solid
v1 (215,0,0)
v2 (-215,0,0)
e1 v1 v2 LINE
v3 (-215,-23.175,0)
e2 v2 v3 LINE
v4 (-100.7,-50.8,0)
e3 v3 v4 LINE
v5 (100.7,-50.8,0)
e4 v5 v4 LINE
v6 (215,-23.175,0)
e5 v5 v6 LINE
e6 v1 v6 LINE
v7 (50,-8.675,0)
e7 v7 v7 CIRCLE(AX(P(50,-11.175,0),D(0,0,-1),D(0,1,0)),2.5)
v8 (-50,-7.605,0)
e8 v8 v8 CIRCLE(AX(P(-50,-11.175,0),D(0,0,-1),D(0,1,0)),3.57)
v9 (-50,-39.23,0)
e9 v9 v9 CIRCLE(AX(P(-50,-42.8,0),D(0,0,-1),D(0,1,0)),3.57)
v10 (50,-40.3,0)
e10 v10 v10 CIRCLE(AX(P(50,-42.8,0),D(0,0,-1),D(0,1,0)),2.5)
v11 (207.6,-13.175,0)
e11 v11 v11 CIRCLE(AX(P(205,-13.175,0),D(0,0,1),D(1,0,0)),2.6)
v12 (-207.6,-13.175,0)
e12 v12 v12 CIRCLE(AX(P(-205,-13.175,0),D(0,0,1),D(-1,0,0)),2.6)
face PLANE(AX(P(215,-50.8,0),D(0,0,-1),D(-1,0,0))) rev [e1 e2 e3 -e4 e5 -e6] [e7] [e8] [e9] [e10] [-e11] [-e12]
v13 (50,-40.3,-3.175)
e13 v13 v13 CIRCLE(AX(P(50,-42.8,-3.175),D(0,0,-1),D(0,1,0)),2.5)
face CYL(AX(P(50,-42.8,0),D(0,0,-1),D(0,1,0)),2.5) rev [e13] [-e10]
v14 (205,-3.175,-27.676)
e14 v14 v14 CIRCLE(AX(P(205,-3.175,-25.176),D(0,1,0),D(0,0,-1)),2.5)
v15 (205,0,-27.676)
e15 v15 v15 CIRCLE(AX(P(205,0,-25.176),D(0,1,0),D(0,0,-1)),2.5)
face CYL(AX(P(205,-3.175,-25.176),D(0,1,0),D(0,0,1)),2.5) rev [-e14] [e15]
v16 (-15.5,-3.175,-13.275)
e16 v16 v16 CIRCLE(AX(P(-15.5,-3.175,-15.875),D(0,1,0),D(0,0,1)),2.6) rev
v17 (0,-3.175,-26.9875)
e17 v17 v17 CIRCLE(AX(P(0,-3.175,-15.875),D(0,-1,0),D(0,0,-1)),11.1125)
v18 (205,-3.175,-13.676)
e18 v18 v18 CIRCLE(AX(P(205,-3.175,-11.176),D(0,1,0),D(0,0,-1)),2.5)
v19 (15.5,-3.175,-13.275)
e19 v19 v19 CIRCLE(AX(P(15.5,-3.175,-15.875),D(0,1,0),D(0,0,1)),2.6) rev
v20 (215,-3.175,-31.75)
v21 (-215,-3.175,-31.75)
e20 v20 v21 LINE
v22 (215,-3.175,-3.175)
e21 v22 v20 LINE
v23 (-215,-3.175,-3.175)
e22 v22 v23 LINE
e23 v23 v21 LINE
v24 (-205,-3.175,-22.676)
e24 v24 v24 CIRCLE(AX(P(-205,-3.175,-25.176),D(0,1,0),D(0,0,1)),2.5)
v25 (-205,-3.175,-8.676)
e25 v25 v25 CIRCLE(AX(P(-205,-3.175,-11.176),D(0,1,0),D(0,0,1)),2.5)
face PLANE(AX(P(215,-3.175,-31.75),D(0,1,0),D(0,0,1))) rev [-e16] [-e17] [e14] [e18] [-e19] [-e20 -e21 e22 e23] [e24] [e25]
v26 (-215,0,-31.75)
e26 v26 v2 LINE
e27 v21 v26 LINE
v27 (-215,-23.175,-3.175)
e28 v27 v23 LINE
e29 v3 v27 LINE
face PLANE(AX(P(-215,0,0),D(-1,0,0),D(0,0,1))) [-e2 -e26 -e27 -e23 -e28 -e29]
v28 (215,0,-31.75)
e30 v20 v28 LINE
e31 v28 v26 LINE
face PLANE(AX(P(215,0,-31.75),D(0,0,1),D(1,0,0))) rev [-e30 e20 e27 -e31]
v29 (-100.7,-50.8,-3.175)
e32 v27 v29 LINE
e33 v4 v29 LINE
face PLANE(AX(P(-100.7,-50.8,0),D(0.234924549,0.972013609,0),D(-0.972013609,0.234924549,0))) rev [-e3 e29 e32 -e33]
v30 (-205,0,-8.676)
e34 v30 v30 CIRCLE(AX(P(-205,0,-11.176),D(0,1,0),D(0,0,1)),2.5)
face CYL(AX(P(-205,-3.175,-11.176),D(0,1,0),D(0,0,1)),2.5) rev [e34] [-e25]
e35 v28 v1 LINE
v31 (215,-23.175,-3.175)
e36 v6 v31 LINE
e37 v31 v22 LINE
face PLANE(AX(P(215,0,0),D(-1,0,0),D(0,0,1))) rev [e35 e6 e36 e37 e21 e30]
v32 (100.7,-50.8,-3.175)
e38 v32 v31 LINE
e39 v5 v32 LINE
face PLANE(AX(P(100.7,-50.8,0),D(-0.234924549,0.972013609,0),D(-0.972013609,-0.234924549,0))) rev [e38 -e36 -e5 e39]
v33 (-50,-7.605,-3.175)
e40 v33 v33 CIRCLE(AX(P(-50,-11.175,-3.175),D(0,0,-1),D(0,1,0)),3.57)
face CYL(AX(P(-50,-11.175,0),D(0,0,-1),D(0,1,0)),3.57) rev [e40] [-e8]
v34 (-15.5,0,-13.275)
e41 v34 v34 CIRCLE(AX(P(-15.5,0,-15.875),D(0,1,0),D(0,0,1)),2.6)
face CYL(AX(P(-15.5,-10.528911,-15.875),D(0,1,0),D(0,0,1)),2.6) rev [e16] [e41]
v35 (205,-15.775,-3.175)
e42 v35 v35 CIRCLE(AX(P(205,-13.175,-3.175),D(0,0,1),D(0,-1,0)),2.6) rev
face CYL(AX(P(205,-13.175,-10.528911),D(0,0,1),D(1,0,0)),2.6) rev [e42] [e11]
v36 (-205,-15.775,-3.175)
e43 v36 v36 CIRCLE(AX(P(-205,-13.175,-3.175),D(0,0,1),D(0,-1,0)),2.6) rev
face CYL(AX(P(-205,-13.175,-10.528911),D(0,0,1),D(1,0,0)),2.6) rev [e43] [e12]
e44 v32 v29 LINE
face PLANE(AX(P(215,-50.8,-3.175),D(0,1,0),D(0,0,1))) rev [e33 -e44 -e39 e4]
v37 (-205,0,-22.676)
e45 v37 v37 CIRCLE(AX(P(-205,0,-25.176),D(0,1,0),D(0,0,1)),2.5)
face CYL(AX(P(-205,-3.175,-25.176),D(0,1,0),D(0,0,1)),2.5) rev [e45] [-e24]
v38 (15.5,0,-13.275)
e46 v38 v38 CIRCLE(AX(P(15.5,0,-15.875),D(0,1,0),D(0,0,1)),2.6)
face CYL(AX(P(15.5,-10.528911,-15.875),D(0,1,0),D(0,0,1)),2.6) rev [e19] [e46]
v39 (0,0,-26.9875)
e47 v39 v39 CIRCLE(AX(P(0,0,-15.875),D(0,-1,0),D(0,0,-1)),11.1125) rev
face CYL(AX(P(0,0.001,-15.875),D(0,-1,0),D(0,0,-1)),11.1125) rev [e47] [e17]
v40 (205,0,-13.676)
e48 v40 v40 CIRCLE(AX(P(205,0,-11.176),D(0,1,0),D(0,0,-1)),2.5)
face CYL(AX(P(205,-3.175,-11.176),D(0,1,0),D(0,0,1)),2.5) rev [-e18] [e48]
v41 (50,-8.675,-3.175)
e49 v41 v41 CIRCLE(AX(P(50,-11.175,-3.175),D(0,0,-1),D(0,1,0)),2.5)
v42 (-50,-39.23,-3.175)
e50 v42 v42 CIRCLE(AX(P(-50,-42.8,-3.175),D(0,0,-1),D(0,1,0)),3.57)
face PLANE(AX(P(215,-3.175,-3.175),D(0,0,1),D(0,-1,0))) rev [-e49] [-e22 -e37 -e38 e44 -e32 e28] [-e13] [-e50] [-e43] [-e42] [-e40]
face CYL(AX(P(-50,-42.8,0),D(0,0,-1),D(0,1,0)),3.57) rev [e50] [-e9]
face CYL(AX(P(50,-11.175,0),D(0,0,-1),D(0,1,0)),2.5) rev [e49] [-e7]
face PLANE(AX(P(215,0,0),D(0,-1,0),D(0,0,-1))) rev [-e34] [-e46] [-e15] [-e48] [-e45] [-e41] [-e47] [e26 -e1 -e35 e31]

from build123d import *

# Parameters (mm, degrees)
BOSS_EXTRUDE1_DEPTH = 215
SKETCH2_R           = 2.5
SKETCH2_R_2         = 3.57
CUT_EXTRUDE1_DEPTH  = 4.175
CUT_EXTRUDE2_DEPTH  = 3.175
SKETCH4_R           = 2.5
CUT_EXTRUDE3_DEPTH  = 3.175
CUT_EXTRUDE4_REACH  = 5.175
SKETCH5_R           = 11.1125
SKETCH6_R           = 2.6
CUT_EXTRUDE5_DEPTH  = 3.175
SKETCH7_R           = 2.6
CUT_EXTRUDE6_DEPTH  = 3.175


with BuildPart() as part:
    # Sketch1 → Boss-Extrude1 (new body, symmetric)
    with BuildSketch(Plane(origin=(0, 0, 0), x_dir=(0, 0, -1), z_dir=(1, 0, 0))):
        Polygon((0, 0), (31.75, 0), (31.75, -3.175), (3.175, -3.175), (3.175, -50.8), (0, -50.8), align=None)
    extrude(amount=BOSS_EXTRUDE1_DEPTH, both=True)

    # Sketch2 → Cut-Extrude1 (cut, through all)
    with BuildSketch(Plane(origin=(0, 0, -3.175), x_dir=(-1, 0, 0), z_dir=(0, 0, -1))):
        with Locations((-50, -11.175)):
            Circle(SKETCH2_R)
        with Locations((50, -11.175)):
            Circle(SKETCH2_R_2)
        with Locations((50, -42.8)):
            Circle(SKETCH2_R_2)
        with Locations((-50, -42.8)):
            Circle(SKETCH2_R)
    extrude(amount=-CUT_EXTRUDE1_DEPTH, mode=Mode.SUBTRACT)

    # Sketch3 → Cut-Extrude2 (cut)
    with BuildSketch(Plane(origin=(0, 0, -3.175), x_dir=(-1, 0, 0), z_dir=(0, 0, -1))):
        Polygon((215, -50.8), (100.7, -50.8), (215, -23.175), align=None)
        Polygon((-215, -23.175), (-215, -50.8), (-100.7, -50.8), align=None)
    extrude(amount=-CUT_EXTRUDE2_DEPTH, mode=Mode.SUBTRACT)

    # Sketch4 → Cut-Extrude3 (cut)
    with BuildSketch(Plane(origin=(0, 0, 0), x_dir=(1, 0, 0), z_dir=(0, 1, 0))):
        with Locations((-205, 11.176)):
            Circle(SKETCH4_R)
        with Locations((-205, 25.176)):
            Circle(SKETCH4_R)
        with Locations((205, 25.176)):
            Circle(SKETCH4_R)
        with Locations((205, 11.176)):
            Circle(SKETCH4_R)
    extrude(amount=-CUT_EXTRUDE3_DEPTH, mode=Mode.SUBTRACT)

    # Sketch5 → Cut-Extrude4 (cut, up to next)
    with BuildSketch(Plane.XZ.offset(3.175), mode=Mode.PRIVATE) as cut_extrude4_sk1:
        with Locations((0, -15.875)):
            Circle(SKETCH5_R)
    cut_extrude4_tool1 = extrude(cut_extrude4_sk1.sketch, amount=-CUT_EXTRUDE4_REACH, mode=Mode.PRIVATE) & part.part
    add(cut_extrude4_tool1.solids().sort_by_distance((0, -3.175, -15.875))[0], mode=Mode.SUBTRACT)

    # Sketch6 → Cut-Extrude5 (cut)
    with BuildSketch(Plane.XY):
        with Locations((205, -13.175000066)):
            Circle(SKETCH6_R)
        with Locations((-205, -13.175000066)):
            Circle(SKETCH6_R)
    extrude(amount=-CUT_EXTRUDE5_DEPTH, mode=Mode.SUBTRACT)

    # Sketch7 → Cut-Extrude6 (cut)
    with BuildSketch(Plane(origin=(0, 0, 0), x_dir=(1, 0, 0), z_dir=(0, 1, 0))):
        with Locations((15.5, 15.875)):
            Circle(SKETCH7_R)
        with Locations((-15.5, 15.875)):
            Circle(SKETCH7_R)
    extrude(amount=-CUT_EXTRUDE6_DEPTH, mode=Mode.SUBTRACT)


solid = part.part
